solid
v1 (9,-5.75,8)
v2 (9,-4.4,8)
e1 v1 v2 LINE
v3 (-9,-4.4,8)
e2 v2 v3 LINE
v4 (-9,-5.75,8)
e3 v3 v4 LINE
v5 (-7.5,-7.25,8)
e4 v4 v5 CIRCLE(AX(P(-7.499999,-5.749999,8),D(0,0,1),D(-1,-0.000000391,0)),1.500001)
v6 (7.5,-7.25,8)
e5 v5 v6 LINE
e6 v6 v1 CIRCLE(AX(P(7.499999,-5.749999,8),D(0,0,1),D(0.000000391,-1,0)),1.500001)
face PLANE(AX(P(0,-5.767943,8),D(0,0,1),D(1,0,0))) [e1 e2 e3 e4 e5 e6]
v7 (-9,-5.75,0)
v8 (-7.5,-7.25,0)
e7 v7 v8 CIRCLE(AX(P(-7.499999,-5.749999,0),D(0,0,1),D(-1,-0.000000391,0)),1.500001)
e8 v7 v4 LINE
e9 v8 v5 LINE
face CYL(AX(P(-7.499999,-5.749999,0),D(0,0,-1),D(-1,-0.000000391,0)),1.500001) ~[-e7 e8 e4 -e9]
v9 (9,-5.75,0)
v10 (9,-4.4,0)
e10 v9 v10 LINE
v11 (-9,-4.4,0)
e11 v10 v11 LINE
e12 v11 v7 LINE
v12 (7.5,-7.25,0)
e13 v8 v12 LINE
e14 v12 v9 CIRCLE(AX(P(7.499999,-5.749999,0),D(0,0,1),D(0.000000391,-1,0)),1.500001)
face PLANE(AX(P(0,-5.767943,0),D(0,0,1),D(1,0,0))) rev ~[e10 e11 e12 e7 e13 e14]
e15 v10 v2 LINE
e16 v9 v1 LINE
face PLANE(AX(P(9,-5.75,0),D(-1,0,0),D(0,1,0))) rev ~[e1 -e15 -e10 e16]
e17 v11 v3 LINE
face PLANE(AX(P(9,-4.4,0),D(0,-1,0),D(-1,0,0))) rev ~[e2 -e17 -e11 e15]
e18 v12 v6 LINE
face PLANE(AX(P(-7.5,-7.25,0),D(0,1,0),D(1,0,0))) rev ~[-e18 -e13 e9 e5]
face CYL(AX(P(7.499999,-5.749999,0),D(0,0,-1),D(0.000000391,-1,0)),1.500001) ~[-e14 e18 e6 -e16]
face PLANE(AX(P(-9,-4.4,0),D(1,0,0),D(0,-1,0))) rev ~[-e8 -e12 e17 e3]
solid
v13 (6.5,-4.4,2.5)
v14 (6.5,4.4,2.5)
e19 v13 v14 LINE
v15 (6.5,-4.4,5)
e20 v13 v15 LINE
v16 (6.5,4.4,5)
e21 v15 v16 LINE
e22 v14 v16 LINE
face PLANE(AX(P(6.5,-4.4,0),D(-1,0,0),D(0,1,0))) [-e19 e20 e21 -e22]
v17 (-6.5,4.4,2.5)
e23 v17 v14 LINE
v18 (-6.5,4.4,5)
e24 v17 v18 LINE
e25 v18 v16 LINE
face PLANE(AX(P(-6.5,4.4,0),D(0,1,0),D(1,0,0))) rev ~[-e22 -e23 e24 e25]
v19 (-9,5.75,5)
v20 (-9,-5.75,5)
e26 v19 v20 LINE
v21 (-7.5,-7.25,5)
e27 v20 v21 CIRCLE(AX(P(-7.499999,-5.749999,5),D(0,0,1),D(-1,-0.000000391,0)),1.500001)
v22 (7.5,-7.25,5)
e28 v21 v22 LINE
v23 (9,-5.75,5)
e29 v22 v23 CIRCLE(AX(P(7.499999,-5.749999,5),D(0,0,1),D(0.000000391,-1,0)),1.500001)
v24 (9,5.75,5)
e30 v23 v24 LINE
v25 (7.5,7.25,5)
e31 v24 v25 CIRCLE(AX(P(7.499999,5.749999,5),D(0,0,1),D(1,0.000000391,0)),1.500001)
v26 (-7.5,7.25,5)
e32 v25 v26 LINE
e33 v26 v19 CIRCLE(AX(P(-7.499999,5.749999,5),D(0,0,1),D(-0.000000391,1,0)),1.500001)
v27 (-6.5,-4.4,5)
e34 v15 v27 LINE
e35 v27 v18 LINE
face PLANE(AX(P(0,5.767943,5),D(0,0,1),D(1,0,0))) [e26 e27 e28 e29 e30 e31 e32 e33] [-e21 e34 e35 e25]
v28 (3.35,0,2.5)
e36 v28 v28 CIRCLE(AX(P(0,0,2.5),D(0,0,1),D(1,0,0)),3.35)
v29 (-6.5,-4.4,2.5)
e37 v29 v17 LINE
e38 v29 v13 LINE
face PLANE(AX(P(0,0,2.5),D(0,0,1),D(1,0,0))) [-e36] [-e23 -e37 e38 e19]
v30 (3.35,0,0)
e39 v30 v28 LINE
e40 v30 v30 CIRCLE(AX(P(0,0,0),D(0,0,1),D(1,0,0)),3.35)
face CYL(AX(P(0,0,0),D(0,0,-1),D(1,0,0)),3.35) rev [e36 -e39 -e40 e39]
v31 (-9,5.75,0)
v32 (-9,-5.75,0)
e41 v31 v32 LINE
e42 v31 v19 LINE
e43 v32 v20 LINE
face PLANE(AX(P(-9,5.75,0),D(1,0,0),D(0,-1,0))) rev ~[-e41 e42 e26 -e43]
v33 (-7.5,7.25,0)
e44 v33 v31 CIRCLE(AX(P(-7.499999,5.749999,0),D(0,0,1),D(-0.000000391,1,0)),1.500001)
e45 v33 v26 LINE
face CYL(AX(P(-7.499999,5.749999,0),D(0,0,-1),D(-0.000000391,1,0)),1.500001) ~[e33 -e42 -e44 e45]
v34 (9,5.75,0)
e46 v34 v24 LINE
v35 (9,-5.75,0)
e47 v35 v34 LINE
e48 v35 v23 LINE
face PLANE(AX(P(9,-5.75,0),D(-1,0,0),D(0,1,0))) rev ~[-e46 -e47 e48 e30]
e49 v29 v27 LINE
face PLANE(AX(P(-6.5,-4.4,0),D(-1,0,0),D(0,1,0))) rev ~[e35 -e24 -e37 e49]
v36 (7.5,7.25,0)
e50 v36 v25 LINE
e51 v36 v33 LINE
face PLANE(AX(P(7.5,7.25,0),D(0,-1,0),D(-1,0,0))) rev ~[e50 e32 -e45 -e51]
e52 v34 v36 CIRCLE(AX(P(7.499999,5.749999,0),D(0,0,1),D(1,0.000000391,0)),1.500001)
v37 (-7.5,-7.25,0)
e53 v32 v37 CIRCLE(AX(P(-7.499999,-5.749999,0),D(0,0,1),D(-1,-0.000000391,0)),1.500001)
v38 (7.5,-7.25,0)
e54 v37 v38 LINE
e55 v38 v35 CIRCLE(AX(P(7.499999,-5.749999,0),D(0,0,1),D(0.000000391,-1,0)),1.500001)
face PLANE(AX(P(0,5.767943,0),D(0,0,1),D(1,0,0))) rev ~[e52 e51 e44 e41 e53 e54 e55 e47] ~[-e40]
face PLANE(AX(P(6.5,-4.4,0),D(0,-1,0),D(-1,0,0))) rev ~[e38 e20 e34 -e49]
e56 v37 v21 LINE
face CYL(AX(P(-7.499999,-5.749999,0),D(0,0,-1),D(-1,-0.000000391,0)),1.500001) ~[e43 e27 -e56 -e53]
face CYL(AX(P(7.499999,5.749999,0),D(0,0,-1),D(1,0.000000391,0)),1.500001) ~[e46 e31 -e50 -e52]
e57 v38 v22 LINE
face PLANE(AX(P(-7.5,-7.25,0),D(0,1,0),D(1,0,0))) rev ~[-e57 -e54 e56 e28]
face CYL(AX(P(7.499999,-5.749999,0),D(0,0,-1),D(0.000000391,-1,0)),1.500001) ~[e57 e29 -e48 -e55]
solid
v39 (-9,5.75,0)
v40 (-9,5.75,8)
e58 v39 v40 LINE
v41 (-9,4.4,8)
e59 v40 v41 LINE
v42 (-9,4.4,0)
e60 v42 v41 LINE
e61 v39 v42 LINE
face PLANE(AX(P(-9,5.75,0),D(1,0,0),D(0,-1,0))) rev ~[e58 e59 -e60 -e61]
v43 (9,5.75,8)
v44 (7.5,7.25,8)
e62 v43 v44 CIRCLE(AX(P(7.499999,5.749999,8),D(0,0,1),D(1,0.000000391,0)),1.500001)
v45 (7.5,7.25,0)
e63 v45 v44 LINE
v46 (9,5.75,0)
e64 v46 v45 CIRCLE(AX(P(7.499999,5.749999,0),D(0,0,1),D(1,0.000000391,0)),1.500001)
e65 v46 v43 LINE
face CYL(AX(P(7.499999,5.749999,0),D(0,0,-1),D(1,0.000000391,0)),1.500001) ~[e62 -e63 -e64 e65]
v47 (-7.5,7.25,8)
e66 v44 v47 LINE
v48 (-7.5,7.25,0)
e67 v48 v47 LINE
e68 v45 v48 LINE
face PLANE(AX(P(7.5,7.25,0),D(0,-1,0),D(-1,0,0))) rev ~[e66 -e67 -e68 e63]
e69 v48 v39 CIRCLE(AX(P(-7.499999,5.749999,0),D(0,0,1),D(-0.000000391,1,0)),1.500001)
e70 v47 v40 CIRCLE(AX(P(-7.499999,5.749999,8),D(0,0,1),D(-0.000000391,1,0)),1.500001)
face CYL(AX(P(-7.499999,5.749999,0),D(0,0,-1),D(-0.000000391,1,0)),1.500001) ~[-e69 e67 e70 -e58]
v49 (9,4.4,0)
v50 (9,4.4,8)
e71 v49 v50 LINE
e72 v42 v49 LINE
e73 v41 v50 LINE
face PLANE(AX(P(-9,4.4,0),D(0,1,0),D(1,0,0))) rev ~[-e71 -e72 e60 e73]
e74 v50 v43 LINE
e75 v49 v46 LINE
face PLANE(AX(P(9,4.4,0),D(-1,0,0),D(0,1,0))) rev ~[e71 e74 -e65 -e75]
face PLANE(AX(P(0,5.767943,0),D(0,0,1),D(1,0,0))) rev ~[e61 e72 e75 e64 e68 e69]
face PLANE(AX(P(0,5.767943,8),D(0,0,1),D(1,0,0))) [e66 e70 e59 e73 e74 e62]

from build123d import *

# Parameters (mm, degrees)
F0_W     = 13
F0_H     = 8.8
F0_R     = 3.35
F1_DEPTH = 2.5
F0_W_2   = 2.5
F2_DEPTH = 5
F3_DEPTH = 8


with BuildPart() as f1:
    # F0 (on Top) → F1 (new body)
    with BuildSketch(Plane.XY):
        Rectangle(F0_W, F0_H)
        Circle(F0_R, mode=Mode.SUBTRACT)
    extrude(amount=F1_DEPTH)

    # F0 (on Top) → F2 (join)
    with BuildSketch(Plane.XY):
        with BuildLine():
            Line((7.5, 7.25), (-7.5, 7.25))
            ThreePointArc((-7.5, 7.25), (-8.56066, 6.81066), (-9, 5.75))
            Line((-9, 5.75), (-9, 4.4))
            Line((-9, 4.4), (-6.5, 4.4))
            Line((-6.5, 4.4), (6.5, 4.4))
            Line((6.5, 4.4), (9, 4.4))
            Line((9, 4.4), (9, 5.75))
            ThreePointArc((9, 5.75), (8.56066, 6.81066), (7.5, 7.25))
        make_face()
        with Locations((-7.75, 0)):
            Rectangle(F0_W_2, F0_H)
        with Locations((7.75, 0)):
            Rectangle(F0_W_2, F0_H)
        with BuildLine():
            Line((-6.5, -4.4), (-9, -4.4))
            Line((-9, -4.4), (-9, -5.75))
            ThreePointArc((-9, -5.75), (-8.56066, -6.81066), (-7.5, -7.25))
            Line((-7.5, -7.25), (7.5, -7.25))
            ThreePointArc((7.5, -7.25), (8.56066, -6.81066), (9, -5.75))
            Line((9, -5.75), (9, -4.4))
            Line((9, -4.4), (6.5, -4.4))
            Line((6.5, -4.4), (-6.5, -4.4))
        make_face()
    extrude(amount=F2_DEPTH)


with BuildPart() as f3:
    # F0 (on Top) → F3 (new body)
    with BuildSketch(Plane.XY):
        with BuildLine():
            Line((7.5, 7.25), (-7.5, 7.25))
            ThreePointArc((-7.5, 7.25), (-8.56066, 6.81066), (-9, 5.75))
            Line((-9, 5.75), (-9, 4.4))
            Line((-9, 4.4), (-6.5, 4.4))
            Line((-6.5, 4.4), (6.5, 4.4))
            Line((6.5, 4.4), (9, 4.4))
            Line((9, 4.4), (9, 5.75))
            ThreePointArc((9, 5.75), (8.56066, 6.81066), (7.5, 7.25))
        make_face()
        with BuildLine():
            Line((-6.5, -4.4), (-9, -4.4))
            Line((-9, -4.4), (-9, -5.75))
            ThreePointArc((-9, -5.75), (-8.56066, -6.81066), (-7.5, -7.25))
            Line((-7.5, -7.25), (7.5, -7.25))
            ThreePointArc((7.5, -7.25), (8.56066, -6.81066), (9, -5.75))
            Line((9, -5.75), (9, -4.4))
            Line((9, -4.4), (6.5, -4.4))
            Line((6.5, -4.4), (-6.5, -4.4))
        make_face()
    extrude(amount=F3_DEPTH)


solid = Compound([f1.part, f3.part])
